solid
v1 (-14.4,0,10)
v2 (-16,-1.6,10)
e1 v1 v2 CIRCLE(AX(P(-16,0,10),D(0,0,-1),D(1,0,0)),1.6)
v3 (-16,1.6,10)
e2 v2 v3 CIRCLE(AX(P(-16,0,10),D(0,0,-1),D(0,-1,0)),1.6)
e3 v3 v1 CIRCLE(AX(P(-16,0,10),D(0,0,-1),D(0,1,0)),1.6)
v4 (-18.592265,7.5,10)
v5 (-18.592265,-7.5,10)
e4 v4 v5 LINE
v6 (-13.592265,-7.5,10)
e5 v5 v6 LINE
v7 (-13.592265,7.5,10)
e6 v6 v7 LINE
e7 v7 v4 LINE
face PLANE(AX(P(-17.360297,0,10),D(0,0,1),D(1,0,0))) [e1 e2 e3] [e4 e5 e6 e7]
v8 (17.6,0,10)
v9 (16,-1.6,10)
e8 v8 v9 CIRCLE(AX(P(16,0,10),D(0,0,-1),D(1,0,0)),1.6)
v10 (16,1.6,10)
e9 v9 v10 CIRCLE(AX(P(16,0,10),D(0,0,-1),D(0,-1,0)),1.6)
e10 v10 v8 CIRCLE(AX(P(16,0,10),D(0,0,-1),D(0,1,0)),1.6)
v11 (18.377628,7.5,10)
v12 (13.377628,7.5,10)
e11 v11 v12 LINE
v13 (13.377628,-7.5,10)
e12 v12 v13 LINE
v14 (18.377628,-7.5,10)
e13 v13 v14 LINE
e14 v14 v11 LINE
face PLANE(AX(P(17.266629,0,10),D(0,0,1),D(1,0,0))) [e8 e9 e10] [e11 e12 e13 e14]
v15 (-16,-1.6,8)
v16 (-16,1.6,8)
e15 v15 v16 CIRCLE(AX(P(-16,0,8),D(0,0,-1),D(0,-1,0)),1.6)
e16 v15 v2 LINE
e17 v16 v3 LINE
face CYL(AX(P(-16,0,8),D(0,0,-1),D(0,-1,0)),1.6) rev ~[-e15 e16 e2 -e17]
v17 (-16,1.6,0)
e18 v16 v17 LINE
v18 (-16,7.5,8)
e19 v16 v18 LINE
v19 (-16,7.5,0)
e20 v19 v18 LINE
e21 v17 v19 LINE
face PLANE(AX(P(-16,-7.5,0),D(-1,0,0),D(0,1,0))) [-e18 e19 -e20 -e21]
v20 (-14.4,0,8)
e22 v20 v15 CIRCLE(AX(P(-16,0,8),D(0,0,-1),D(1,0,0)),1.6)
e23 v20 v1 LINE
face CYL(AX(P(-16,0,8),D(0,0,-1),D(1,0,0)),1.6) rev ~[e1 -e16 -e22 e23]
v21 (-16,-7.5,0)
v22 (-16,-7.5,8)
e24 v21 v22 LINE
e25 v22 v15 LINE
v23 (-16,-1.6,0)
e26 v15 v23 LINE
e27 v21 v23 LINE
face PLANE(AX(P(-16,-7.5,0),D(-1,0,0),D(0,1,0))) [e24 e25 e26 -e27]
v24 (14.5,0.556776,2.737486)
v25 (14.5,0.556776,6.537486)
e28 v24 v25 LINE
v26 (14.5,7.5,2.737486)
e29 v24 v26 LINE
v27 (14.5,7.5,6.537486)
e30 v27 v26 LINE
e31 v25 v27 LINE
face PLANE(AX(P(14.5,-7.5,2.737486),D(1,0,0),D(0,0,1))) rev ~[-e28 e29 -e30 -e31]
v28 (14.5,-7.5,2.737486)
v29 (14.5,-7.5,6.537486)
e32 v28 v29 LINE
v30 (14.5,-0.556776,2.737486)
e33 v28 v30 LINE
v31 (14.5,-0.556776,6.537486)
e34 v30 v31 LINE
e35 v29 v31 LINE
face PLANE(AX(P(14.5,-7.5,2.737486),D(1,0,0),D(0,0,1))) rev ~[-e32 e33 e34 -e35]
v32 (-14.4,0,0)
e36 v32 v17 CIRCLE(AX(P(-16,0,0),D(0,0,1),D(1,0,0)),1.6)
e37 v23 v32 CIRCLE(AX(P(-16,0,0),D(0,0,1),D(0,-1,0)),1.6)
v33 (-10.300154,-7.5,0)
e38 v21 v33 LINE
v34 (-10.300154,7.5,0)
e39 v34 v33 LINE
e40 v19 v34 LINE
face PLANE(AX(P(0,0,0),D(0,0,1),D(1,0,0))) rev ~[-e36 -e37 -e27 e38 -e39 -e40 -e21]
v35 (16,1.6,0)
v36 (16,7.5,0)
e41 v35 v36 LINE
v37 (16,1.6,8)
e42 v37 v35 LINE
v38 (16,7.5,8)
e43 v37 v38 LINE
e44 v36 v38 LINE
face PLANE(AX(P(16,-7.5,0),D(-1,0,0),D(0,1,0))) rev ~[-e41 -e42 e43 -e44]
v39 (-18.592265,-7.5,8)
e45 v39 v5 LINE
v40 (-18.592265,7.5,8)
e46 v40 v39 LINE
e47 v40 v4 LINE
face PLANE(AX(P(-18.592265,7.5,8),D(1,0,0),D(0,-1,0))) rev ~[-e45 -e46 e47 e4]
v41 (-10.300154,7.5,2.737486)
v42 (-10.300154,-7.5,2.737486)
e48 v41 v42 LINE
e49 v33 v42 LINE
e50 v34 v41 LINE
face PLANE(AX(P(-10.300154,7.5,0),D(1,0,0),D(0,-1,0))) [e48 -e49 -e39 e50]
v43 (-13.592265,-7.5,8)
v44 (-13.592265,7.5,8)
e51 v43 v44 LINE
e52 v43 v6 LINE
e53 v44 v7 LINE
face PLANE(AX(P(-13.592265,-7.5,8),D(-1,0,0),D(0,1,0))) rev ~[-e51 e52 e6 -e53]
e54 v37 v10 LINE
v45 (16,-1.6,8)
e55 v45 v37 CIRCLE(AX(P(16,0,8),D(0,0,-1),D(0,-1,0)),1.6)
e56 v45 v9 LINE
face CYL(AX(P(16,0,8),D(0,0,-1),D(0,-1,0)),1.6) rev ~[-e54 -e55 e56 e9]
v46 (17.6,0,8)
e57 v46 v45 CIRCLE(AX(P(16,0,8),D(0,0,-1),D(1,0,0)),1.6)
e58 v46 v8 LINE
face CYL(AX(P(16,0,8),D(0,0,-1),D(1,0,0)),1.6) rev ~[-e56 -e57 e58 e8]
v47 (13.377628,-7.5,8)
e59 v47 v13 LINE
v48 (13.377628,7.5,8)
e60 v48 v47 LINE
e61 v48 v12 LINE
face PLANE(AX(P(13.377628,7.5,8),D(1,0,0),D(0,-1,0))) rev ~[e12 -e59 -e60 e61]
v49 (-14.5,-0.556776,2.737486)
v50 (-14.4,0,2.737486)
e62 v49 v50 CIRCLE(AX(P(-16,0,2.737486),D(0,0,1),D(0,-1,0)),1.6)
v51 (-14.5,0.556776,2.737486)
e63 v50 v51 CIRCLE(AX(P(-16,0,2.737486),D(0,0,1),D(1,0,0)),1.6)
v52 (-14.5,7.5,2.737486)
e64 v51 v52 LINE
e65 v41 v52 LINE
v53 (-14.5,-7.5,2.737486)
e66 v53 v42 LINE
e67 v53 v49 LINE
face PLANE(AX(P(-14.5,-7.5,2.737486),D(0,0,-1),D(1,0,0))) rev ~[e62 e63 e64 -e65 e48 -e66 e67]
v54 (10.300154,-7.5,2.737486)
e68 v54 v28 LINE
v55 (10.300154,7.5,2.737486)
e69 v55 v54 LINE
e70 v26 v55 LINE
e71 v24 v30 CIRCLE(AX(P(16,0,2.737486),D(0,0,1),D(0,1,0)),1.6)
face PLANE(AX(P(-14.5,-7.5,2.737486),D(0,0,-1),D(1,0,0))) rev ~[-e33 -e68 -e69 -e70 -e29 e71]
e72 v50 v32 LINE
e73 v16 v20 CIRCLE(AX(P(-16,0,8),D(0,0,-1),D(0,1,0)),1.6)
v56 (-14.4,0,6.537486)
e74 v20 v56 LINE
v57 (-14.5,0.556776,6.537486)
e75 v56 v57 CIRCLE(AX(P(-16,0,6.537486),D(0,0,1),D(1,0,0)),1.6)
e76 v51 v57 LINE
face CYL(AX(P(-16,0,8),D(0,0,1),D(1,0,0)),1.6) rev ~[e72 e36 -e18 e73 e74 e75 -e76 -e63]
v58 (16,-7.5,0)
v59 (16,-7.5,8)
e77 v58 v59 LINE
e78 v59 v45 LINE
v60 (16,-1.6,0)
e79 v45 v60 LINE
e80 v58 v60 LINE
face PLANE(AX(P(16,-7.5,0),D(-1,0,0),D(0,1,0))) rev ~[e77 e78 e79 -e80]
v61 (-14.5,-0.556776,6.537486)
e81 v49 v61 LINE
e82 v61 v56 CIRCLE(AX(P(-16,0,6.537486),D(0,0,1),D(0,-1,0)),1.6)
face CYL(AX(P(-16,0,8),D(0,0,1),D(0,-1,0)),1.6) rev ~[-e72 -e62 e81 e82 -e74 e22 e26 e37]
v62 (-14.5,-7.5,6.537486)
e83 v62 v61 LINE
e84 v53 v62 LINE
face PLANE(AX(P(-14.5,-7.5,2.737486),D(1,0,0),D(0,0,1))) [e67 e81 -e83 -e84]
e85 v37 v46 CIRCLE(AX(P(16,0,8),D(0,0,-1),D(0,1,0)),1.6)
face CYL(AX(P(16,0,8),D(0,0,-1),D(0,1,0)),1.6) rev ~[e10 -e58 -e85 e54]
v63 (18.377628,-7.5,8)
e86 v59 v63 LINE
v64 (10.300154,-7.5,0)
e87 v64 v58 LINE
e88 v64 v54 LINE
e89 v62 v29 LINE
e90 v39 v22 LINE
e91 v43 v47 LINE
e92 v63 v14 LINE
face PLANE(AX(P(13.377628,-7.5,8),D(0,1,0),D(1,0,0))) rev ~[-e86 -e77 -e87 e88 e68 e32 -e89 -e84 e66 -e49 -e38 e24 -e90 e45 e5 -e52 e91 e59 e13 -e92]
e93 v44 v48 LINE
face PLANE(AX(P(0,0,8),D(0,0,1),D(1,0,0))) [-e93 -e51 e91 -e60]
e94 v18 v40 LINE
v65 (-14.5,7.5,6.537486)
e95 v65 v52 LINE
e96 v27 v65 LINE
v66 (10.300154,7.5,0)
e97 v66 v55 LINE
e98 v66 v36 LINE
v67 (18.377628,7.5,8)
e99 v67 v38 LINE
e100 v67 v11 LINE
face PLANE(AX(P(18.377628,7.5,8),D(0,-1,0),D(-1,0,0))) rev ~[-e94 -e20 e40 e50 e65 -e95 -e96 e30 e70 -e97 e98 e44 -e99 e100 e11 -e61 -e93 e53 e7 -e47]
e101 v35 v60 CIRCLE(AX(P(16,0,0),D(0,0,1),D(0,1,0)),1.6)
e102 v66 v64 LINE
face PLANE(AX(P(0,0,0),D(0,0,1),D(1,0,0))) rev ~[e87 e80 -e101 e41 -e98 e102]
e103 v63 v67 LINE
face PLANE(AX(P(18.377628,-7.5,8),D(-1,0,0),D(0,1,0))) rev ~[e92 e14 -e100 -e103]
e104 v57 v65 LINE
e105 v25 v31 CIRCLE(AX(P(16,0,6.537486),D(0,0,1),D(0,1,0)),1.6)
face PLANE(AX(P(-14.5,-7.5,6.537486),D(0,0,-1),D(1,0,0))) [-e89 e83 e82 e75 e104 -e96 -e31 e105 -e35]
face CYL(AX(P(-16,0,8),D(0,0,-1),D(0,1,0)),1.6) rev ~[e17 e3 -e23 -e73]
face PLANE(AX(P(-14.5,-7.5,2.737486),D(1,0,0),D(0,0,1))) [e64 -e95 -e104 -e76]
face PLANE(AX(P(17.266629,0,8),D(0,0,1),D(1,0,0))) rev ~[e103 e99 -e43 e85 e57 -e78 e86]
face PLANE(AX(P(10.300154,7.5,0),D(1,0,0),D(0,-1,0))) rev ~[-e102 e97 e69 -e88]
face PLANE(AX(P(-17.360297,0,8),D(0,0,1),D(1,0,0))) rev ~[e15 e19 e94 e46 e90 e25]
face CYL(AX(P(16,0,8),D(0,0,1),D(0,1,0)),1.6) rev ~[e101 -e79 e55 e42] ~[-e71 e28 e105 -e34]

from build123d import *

# Parameters (mm, degrees)
F0_W     = 32
F0_H     = 15
F1_DEPTH = 8
F2_W     = 29
F2_H     = 3.8
F3_DEPTH = 30
F5_DEPTH = 2
F6_W     = 20.6003077328
F6_H     = 15
F7_DEPTH = 5
F8_DEPTH = 25


with BuildPart() as f1:
    # F0 (on Top) → F1 (new body)
    with BuildSketch(Plane.XY):
        Rectangle(F0_W, F0_H)
    extrude(amount=F1_DEPTH)

    # F2 (on face) → F3 (cut)
    with BuildSketch(Plane.XZ.offset(7.5)):
        with Locations((0, 4.6374863014)):
            Rectangle(F2_W, F2_H)
    extrude(amount=-F3_DEPTH, mode=Mode.SUBTRACT)

    # F4 (on face) → F5 (join)
    with BuildSketch(Plane.XY.offset(8)):
        with BuildLine():
            Line((18.3776282892, 7.5), (16, 7.5))
            Line((16, 7.5), (16, 1.6))
            ThreePointArc((16, 1.6), (17.1313708499, 1.1313708499), (17.6, 0))
            ThreePointArc((17.6, 0), (17.1313708499, -1.1313708499), (16, -1.6))
            Line((16, -1.6), (16, -7.5))
            Line((16, -7.5), (18.3776282892, -7.5))
            Line((18.3776282892, -7.5), (18.3776282892, 7.5))
        make_face()
        with BuildLine():
            Line((16, 7.5), (13.3776282892, 7.5))
            Line((13.3776282892, 7.5), (13.3776282892, -7.5))
            Line((13.3776282892, -7.5), (16, -7.5))
            Line((16, -7.5), (16, -1.6))
            ThreePointArc((16, -1.6), (14.4, 0), (16, 1.6))
            Line((16, 1.6), (16, 7.5))
        make_face()
        with BuildLine():
            Line((-16, 1.6), (-16, 7.5))
            Line((-16, 7.5), (-18.5922654346, 7.5))
            Line((-18.5922654346, 7.5), (-18.5922654346, -7.5))
            Line((-18.5922654346, -7.5), (-16, -7.5))
            Line((-16, -7.5), (-16, -1.6))
            ThreePointArc((-16, -1.6), (-17.6, 0), (-16, 1.6))
        make_face()
        with BuildLine():
            Line((-13.5922654346, -7.5), (-13.5922654346, 7.5))
            Line((-13.5922654346, 7.5), (-16, 7.5))
            Line((-16, 7.5), (-16, 1.6))
            ThreePointArc((-16, 1.6), (-14.8686291501, 1.1313708499), (-14.4, 0))
            ThreePointArc((-14.4, 0), (-14.8686291501, -1.1313708499), (-16, -1.6))
            Line((-16, -1.6), (-16, -7.5))
            Line((-16, -7.5), (-13.5922654346, -7.5))
        make_face()
    extrude(amount=F5_DEPTH)

    # F6 (on face) → F7 (cut)
    with BuildSketch(Plane(origin=(0, 0, 0), x_dir=(1, 0, 0), z_dir=(0, 0, -1))):
        Rectangle(F6_W, F6_H)
    extrude(amount=-F7_DEPTH, mode=Mode.SUBTRACT)

    # F4 (on face) → F8 (cut)
    with BuildSketch(Plane.XY.offset(8)):
        with BuildLine():
            ThreePointArc((-14.4, 0), (-14.8686291501, 1.1313708499), (-16, 1.6))
            Line((-16, 1.6), (-16, -1.6))
            ThreePointArc((-16, -1.6), (-14.8686291501, -1.1313708499), (-14.4, 0))
        make_face()
        with BuildLine():
            Line((-16, -1.6), (-16, 1.6))
            ThreePointArc((-16, 1.6), (-17.6, 0), (-16, -1.6))
        make_face()
        with BuildLine():
            Line((16, -1.6), (16, 1.6))
            ThreePointArc((16, 1.6), (14.4, 0), (16, -1.6))
        make_face()
        with BuildLine():
            ThreePointArc((17.6, 0), (17.1313708499, 1.1313708499), (16, 1.6))
            Line((16, 1.6), (16, -1.6))
            ThreePointArc((16, -1.6), (17.1313708499, -1.1313708499), (17.6, 0))
        make_face()
    extrude(amount=-F8_DEPTH, mode=Mode.SUBTRACT)


solid = f1.part
